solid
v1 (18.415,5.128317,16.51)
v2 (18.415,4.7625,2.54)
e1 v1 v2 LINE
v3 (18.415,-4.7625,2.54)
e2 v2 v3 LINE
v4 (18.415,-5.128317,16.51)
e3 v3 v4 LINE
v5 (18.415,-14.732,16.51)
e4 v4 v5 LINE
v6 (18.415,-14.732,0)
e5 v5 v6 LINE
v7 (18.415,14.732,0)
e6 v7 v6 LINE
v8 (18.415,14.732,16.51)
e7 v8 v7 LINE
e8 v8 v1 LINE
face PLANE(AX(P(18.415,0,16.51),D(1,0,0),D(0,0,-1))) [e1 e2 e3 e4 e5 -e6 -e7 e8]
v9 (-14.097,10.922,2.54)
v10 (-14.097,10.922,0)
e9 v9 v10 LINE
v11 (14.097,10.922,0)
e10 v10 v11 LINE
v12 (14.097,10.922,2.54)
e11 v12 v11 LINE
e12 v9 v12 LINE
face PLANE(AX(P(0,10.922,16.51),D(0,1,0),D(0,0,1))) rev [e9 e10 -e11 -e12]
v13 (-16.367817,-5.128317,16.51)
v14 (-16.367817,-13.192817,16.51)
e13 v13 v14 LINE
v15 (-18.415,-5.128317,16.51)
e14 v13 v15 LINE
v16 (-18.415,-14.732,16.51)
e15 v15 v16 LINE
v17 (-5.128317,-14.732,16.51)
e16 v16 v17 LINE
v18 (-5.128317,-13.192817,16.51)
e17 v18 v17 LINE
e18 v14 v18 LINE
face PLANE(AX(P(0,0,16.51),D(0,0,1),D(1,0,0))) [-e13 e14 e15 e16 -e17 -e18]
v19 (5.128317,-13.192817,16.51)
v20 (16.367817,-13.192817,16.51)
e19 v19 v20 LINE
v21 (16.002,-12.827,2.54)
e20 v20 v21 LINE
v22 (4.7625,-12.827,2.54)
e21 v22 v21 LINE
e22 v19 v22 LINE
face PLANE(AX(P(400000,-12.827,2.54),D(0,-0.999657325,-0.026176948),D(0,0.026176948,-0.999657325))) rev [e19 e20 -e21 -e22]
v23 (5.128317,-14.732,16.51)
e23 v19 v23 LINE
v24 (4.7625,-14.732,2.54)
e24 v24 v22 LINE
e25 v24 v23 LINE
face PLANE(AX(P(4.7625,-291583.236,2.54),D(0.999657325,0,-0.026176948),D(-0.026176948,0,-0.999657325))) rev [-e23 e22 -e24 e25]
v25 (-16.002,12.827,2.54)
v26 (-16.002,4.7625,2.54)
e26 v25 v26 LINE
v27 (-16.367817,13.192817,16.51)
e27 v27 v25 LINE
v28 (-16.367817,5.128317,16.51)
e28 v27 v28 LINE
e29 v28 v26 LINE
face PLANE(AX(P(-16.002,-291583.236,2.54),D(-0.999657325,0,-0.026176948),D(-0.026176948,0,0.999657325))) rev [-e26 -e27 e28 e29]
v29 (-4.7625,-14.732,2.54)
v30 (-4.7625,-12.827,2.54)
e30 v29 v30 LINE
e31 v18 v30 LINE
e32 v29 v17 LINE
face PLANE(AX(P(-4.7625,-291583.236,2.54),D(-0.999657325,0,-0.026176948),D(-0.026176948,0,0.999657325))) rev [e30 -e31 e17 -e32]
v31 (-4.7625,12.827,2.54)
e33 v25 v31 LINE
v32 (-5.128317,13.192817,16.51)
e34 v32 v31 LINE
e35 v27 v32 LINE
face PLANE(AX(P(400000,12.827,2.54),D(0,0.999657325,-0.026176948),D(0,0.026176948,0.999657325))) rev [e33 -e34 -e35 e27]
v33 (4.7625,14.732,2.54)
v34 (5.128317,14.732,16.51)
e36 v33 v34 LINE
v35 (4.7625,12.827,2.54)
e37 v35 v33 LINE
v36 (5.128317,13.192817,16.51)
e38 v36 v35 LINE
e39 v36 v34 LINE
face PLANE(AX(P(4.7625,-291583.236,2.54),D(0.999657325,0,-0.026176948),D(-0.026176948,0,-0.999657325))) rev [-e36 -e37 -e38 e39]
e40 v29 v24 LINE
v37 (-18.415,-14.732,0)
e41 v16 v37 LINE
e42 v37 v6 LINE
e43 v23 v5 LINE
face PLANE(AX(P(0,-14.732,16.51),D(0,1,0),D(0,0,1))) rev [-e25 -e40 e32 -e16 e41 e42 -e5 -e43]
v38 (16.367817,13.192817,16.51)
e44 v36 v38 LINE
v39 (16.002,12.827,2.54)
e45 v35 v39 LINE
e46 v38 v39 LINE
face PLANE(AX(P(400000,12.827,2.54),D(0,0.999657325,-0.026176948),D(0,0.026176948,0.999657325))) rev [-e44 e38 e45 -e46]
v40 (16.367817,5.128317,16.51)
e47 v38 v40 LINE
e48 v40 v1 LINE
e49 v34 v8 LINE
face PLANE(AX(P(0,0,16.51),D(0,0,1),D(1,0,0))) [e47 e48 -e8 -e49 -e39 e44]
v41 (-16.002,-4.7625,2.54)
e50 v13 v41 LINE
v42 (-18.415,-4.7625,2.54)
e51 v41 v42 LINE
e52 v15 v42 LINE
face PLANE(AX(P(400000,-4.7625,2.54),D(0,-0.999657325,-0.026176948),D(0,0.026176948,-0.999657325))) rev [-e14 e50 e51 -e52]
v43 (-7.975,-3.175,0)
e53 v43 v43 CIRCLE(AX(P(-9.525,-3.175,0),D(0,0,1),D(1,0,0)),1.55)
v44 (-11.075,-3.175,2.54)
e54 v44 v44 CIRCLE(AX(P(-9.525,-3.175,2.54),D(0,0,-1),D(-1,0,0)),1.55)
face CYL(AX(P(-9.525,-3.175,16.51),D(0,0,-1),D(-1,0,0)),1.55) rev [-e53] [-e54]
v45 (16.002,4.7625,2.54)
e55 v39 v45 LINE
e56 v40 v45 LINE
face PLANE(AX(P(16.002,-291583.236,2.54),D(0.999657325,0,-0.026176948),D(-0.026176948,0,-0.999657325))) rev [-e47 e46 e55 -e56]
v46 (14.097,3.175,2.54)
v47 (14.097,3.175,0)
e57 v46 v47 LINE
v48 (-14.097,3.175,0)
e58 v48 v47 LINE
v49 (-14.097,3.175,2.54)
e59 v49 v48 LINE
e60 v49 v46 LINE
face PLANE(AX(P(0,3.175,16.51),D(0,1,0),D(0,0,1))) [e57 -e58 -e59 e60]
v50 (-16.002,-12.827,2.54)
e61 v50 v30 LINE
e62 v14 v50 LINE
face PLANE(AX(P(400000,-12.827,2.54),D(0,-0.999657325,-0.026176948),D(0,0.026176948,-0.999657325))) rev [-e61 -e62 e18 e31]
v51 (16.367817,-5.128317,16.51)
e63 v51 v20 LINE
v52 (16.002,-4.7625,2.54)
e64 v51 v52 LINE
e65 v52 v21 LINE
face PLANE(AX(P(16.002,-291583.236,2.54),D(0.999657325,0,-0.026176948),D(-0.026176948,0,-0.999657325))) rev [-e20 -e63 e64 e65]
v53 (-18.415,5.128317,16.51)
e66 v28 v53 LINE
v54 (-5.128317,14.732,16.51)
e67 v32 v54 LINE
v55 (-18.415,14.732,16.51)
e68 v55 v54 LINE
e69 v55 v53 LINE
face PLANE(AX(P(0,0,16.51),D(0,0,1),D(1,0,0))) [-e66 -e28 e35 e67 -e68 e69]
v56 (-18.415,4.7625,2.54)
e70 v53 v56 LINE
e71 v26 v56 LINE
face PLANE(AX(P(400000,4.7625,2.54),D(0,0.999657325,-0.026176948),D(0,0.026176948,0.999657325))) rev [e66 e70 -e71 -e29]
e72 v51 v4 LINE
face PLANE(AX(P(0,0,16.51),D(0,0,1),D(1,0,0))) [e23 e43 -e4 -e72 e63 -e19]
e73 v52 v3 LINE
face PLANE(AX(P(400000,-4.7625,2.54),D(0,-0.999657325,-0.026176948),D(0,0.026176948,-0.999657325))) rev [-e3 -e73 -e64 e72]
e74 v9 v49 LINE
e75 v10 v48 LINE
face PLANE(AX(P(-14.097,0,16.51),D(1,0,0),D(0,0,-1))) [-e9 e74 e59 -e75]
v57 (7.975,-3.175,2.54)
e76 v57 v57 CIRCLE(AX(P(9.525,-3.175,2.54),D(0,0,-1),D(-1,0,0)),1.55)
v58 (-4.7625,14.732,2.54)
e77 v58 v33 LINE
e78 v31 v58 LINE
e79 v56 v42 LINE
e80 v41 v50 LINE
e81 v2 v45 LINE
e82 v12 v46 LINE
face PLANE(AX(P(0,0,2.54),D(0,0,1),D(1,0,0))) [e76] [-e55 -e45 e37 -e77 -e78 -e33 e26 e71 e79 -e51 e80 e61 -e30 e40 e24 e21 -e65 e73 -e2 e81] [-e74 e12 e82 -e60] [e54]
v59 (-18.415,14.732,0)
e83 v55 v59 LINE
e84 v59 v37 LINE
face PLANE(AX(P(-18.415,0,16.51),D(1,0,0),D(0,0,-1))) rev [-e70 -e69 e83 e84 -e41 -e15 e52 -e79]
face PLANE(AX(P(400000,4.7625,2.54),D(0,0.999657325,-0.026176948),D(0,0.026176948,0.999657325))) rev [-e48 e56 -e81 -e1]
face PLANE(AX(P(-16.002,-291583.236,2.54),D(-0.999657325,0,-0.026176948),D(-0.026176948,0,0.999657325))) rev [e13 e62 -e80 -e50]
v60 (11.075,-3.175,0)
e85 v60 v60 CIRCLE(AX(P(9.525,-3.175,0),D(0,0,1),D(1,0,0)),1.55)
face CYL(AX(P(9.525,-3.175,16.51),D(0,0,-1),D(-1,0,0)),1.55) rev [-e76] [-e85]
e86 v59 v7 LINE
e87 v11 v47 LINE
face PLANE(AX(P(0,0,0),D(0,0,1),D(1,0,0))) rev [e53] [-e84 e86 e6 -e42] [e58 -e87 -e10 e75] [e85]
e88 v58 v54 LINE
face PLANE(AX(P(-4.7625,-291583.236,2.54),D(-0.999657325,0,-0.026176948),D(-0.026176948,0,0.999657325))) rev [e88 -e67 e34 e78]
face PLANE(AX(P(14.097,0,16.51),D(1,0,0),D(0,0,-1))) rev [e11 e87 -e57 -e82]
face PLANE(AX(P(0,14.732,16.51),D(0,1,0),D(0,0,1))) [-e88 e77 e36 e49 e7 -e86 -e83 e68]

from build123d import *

# Parameters (mm, degrees)
SKETCH2_W           = 36.83
SKETCH2_H           = 29.464
SKETCH2_R           = 1.55
SKETCH2_W_2         = 28.194
SKETCH2_H_2         = 7.747
BOSS_EXTRUDE1_DEPTH = 16.51
CUT_EXTRUDE1_START  = 2.54
SKETCH2_5_W         = 32.004
SKETCH2_5_H         = 25.654
SKETCH2_5_R         = 1.55
SKETCH2_5_W_2       = 28.194
SKETCH2_5_H_2       = 7.747
SKETCH2_5_W_3       = 2.413
SKETCH2_5_H_3       = 9.525
SKETCH2_5_W_4       = 9.525
SKETCH2_5_H_4       = 1.905
CUT_EXTRUDE1_DEPTH  = 14.97
CUT_EXTRUDE1_TAPER  = -1.5


with BuildPart() as part:
    # Sketch2 → Boss-Extrude1 (new body)
    with BuildSketch(Plane.XY):
        Rectangle(SKETCH2_W, SKETCH2_H)
        with Locations((-9.525, -3.175)):
            Circle(SKETCH2_R, mode=Mode.SUBTRACT)
        with Locations((9.525, -3.175)):
            Circle(SKETCH2_R, mode=Mode.SUBTRACT)
        with Locations((0, 7.0485)):
            Rectangle(SKETCH2_W_2, SKETCH2_H_2, mode=Mode.SUBTRACT)
    extrude(amount=BOSS_EXTRUDE1_DEPTH)

    # Sketch2<5> → Cut-Extrude1 (cut, through all)
    with BuildSketch(Plane.XY.offset(CUT_EXTRUDE1_START)):
        Rectangle(SKETCH2_5_W, SKETCH2_5_H)
        with Locations((9.525, -3.175)):
            Circle(SKETCH2_5_R, mode=Mode.SUBTRACT)
        with Locations((-9.525, -3.175)):
            Circle(SKETCH2_5_R, mode=Mode.SUBTRACT)
        with Locations((0, 7.0485)):
            Rectangle(SKETCH2_5_W_2, SKETCH2_5_H_2, mode=Mode.SUBTRACT)
        with Locations((17.2085, 0)):
            Rectangle(SKETCH2_5_W_3, SKETCH2_5_H_3)
        with Locations((0, -13.7795)):
            Rectangle(SKETCH2_5_W_4, SKETCH2_5_H_4)
        with Locations((-17.2085, 0)):
            Rectangle(SKETCH2_5_W_3, SKETCH2_5_H_3)
        with Locations((0, 13.7795)):
            Rectangle(SKETCH2_5_W_4, SKETCH2_5_H_4)
    extrude(amount=CUT_EXTRUDE1_DEPTH, taper=CUT_EXTRUDE1_TAPER, mode=Mode.SUBTRACT)


solid = part.part
